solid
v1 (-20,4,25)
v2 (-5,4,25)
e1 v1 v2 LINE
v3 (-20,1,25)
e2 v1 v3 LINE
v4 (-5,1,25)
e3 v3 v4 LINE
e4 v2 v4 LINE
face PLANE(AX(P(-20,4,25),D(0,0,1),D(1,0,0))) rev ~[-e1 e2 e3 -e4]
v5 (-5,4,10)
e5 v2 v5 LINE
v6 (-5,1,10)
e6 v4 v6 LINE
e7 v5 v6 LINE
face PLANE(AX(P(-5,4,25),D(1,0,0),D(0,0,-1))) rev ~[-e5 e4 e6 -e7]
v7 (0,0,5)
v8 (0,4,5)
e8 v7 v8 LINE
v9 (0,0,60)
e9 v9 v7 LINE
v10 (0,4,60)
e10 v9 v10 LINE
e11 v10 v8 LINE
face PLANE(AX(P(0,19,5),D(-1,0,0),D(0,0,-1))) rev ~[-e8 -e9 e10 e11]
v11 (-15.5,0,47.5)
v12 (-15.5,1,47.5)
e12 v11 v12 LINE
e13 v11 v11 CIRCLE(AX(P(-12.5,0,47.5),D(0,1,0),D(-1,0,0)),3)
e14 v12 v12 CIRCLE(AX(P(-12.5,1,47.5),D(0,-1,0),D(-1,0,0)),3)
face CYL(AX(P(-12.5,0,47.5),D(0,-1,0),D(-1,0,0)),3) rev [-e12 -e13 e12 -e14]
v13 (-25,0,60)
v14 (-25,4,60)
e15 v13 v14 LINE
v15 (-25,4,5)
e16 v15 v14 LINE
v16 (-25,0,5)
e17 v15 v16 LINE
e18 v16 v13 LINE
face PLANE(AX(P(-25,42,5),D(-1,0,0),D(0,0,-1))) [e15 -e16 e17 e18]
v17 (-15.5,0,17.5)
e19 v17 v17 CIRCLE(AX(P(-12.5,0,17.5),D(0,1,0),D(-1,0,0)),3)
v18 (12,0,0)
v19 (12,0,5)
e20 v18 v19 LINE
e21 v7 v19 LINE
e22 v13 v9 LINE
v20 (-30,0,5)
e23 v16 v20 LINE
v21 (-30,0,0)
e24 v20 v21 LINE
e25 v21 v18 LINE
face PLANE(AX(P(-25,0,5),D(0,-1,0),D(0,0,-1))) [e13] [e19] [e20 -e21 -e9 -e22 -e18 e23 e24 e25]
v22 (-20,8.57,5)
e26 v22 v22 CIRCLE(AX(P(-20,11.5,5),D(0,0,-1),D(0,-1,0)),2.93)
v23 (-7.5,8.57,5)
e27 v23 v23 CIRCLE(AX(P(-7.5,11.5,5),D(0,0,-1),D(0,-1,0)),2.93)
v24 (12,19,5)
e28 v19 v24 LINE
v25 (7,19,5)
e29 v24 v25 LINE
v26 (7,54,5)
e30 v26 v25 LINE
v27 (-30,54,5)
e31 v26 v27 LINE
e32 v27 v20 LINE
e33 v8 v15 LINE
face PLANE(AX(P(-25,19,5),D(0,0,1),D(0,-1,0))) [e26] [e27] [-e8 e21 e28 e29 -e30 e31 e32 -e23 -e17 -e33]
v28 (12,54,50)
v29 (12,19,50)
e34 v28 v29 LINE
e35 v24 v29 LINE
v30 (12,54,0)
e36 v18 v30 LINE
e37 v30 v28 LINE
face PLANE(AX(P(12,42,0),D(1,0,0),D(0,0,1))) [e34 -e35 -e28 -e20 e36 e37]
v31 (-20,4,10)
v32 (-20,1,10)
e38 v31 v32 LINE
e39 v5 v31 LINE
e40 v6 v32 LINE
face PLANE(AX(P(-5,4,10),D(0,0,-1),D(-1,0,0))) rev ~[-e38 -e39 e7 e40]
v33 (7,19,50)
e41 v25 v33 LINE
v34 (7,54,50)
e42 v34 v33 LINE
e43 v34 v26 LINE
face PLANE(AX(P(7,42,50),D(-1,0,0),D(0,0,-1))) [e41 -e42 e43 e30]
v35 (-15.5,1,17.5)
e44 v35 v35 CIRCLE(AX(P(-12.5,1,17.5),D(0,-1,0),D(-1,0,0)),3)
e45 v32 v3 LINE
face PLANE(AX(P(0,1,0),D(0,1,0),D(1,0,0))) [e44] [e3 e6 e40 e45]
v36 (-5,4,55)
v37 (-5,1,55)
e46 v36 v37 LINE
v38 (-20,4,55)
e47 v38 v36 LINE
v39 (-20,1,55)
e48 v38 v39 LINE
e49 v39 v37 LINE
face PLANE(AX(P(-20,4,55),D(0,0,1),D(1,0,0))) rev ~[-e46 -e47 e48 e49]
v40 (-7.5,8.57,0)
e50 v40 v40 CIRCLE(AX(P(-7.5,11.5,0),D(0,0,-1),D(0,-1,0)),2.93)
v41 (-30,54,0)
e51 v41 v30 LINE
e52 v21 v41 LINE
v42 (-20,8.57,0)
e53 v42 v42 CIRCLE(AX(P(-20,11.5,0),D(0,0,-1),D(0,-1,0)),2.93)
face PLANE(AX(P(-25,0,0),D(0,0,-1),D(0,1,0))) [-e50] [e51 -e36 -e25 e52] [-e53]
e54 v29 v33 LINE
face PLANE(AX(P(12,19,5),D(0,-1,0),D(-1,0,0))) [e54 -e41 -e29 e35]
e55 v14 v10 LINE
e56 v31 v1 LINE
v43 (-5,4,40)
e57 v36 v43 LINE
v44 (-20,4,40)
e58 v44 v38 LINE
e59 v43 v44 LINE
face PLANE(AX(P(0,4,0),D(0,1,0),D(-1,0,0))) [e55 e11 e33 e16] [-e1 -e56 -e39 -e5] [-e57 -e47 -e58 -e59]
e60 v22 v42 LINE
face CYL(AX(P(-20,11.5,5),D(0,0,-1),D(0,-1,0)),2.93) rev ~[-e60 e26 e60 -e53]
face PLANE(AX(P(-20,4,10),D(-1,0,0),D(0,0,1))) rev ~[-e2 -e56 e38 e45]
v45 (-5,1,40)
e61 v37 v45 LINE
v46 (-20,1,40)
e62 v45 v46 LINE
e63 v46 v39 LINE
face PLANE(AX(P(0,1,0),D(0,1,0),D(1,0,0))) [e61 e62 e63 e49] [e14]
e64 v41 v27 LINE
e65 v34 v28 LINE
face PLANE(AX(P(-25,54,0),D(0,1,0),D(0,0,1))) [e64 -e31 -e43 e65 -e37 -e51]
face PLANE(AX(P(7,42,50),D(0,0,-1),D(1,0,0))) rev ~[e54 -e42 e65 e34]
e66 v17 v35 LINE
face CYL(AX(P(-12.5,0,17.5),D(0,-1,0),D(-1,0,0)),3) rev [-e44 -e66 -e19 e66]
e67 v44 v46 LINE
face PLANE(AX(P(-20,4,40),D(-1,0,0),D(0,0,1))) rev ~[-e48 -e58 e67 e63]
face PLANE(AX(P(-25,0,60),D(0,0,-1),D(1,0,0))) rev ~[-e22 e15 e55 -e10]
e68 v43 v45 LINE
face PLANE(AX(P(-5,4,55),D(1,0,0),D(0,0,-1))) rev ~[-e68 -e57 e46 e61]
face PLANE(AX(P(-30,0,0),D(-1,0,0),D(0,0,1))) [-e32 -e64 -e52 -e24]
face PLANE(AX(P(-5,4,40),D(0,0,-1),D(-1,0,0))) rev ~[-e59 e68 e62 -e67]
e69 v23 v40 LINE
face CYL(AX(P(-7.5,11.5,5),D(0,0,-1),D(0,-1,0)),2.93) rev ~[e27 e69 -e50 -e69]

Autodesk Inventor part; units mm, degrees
ref_plane "YZ Plane" through (0, 0, 0) normal (1, 0, 0) x (0, 1, 0)
ref_plane "XZ Plane" through (0, 0, 0) normal (0, 1, 0) x (-1, 0, 0)
ref_plane "XY Plane" through (0, 0, 0) normal (0, 0, 1) x (1, 0, 0)
sketch "BackwithHoles" plane through (0, 0, 0) normal (0, 1, 0) x (-1, 0, 0)
  line L0 (0, 0) -> (25, 0)
  line L1 (25, 0) -> (25, 60)
  line L2 (25, 60) -> (0, 60)
  line L3 (0, 60) -> (0, 0)
  circle A0 centre (12.5, 47.5) radius 3
  circle A1 centre (12.5, 17.5) radius 3
  dimension "d8" = 25
  dimension "d9" = 60
  dimension "d10" = 6
  dimension "d11" = 6
  dimension "d12" = 12.5
  dimension "d13" = 12.5
  dimension "d14" = 12.5
  dimension "d15" = 17.5
extrude "Extrusion1" add sketch "BackwithHoles" along normal blind 4
sketch "Bottom" plane through (0, 4, 0) normal (0, 1, 0) x (1, 0, 0)
  line L0 (0, -60) -> (0, 0) projected
  line L1 (0, 0) -> (-25, 0) projected
  line L2 (0, -5) -> (-25, -5)
  line L3 (-25, -5) -> (-25, 0)
  line L4 (-25, 0) -> (0, 0)
  line L5 (0, 0) -> (0, -5)
  dimension "d18" = 5
extrude "Extrusion2" add sketch "Bottom" along normal blind 15
sketch "HolesonBottom" plane through (-25, 4, 5) normal (0, 0, 1) x (1, 0, 0)
  circle A0 centre (17.5, 7.5) radius 2.5
  circle A1 centre (5, 7.5) radius 2.5
  line L0 (25, 0) -> (25, 15) projected
  line L1 (0, 0) -> (0, 15) projected
  line L2 (0, 0) -> (25, 0) projected
  point P0 (25, -4)
  dimension "d21" = 5
  dimension "d22" = 5
  dimension "d23" = 7.5
  dimension "d24" = 5
  dimension "d25" = 7.5
  dimension "d26" = 7.5
  dimension "d27" = 12.5
hole "Hole1" at (-7.5, 11.5, 5) at (-20, 11.5, 5) direction (0, 0, -1) diameter 5.86 end through all
sketch "TopSquare" plane through (0, 4, 0) normal (0, 1, 0) x (1, 0, 0)
  line L0 (-20, -55) -> (-5, -55)
  line L1 (-5, -55) -> (-5, -40)
  line L2 (-5, -40) -> (-20, -40)
  line L3 (-20, -40) -> (-20, -55)
  line L4 (-25, -60) -> (0, -60) projected
  line L5 (0, -60) -> (0, -5) projected
  point P0 (0, 0)
  dimension "d35" = 5
  dimension "d36" = 15
  dimension "d37" = 15
  dimension "d38" = 5
extrude "Extrusion3" cut sketch "TopSquare" against normal blind 3
sketch "BottomSquare" plane through (0, 4, 0) normal (0, 1, 0) x (1, 0, 0)
  line L0 (-20, -25) -> (-5, -25)
  line L1 (-5, -25) -> (-5, -10)
  line L2 (-5, -10) -> (-20, -10)
  line L3 (-20, -10) -> (-20, -25)
  line L4 (0, -60) -> (0, -5) projected
  line L5 (-20, -40) -> (-5, -40) projected
  point P0 (0, 0)
  point P1 (-20, -40)
  dimension "d41" = 15
  dimension "d42" = 15
  dimension "d43" = 5
  dimension "d44" = 30
extrude "Extrusion4" cut sketch "BottomSquare" against normal blind 3
sketch "BottomExtrusion" plane through (0, 19, 0) normal (0, 1, 0) x (1, 0, 0)
  line L0 (0, 0) -> (-25, 0) projected
  line L1 (-25, 0) -> (-25, -5) projected
  line L2 (0, 0) -> (-25, 0)
  line L3 (-25, 0) -> (-25, -5)
  line L4 (-25, -5) -> (0, -5)
  line L5 (0, -5) -> (0, 0)
extrude "Extrusion7" add sketch "BottomExtrusion" along normal blind 23
sketch "BottomExteriorExtrusion" plane through (0, 0, 60) normal (1, 0, 0) x (0, 0, -1)
  line L0 (55, 42) -> (60, 42) projected
  line L1 (60, 0) -> (55, 0)
  line L2 (55, 0) -> (55, 42)
  line L3 (55, 42) -> (60, 42)
  line L4 (60, 42) -> (60, 0)
extrude "Extrusion8" add sketch "BottomExteriorExtrusion" along normal blind 12
sketch "ContainingWall" plane through (-25, 4, 5) normal (0, 0, 1) x (1, 0, 0)
  line L0 (37, -4) -> (37, 38) projected
  line L1 (0, 38) -> (37, 38) projected
  line L2 (37, 15) -> (32, 15)
  line L3 (32, 15) -> (32, 38)
  line L4 (32, 38) -> (37, 38)
  line L5 (37, 38) -> (37, 15)
  point P0 (25, -4)
  dimension "d56" = 5
  dimension "d57" = 23
extrude "Extrusion9" add sketch "ContainingWall" along normal blind 45
sketch "ContainingWallExtension" plane through (0, 42, 0) normal (0, 1, 0) x (1, 0, 0)
  line L0 (12, 0) -> (12, -50) projected
  line L1 (7, -50) -> (12, -50) projected
  line L2 (12, -50) -> (7, -50)
  line L3 (-25, -5) -> (7, -5) projected
  line L4 (7, -50) -> (7, -5)
  line L5 (7, -5) -> (-25, -5)
  line L6 (-25, 0) -> (12, 0) projected
  line L7 (-25, -5) -> (-25, 0)
  line L8 (-25, 0) -> (12, 0)
  line L9 (12, 0) -> (12, -50)
  point P0 (0, 0)
extrude "Extrusion10" add sketch "ContainingWallExtension" along normal blind 12
sketch "AnteriorBottomExtension" plane through (-25, 0, 0) normal (-1, 0, 0) x (0, 0, 1)
  line L0 (5, 0) -> (0, 0) projected
  line L1 (0, 0) -> (0, 54) projected
  line L2 (0, 0) -> (0, 54)
  line L3 (5, 19) -> (5, 54) projected
  line L4 (0, 54) -> (5, 54)
  line L5 (5, 19) -> (5, 0) projected
  line L6 (5, 54) -> (5, 0)
  line L7 (5, 0) -> (0, 0)
extrude "Extrusion11" add sketch "AnteriorBottomExtension" along normal blind 5
properties part number "Slider" material "Wood (Maple)"
